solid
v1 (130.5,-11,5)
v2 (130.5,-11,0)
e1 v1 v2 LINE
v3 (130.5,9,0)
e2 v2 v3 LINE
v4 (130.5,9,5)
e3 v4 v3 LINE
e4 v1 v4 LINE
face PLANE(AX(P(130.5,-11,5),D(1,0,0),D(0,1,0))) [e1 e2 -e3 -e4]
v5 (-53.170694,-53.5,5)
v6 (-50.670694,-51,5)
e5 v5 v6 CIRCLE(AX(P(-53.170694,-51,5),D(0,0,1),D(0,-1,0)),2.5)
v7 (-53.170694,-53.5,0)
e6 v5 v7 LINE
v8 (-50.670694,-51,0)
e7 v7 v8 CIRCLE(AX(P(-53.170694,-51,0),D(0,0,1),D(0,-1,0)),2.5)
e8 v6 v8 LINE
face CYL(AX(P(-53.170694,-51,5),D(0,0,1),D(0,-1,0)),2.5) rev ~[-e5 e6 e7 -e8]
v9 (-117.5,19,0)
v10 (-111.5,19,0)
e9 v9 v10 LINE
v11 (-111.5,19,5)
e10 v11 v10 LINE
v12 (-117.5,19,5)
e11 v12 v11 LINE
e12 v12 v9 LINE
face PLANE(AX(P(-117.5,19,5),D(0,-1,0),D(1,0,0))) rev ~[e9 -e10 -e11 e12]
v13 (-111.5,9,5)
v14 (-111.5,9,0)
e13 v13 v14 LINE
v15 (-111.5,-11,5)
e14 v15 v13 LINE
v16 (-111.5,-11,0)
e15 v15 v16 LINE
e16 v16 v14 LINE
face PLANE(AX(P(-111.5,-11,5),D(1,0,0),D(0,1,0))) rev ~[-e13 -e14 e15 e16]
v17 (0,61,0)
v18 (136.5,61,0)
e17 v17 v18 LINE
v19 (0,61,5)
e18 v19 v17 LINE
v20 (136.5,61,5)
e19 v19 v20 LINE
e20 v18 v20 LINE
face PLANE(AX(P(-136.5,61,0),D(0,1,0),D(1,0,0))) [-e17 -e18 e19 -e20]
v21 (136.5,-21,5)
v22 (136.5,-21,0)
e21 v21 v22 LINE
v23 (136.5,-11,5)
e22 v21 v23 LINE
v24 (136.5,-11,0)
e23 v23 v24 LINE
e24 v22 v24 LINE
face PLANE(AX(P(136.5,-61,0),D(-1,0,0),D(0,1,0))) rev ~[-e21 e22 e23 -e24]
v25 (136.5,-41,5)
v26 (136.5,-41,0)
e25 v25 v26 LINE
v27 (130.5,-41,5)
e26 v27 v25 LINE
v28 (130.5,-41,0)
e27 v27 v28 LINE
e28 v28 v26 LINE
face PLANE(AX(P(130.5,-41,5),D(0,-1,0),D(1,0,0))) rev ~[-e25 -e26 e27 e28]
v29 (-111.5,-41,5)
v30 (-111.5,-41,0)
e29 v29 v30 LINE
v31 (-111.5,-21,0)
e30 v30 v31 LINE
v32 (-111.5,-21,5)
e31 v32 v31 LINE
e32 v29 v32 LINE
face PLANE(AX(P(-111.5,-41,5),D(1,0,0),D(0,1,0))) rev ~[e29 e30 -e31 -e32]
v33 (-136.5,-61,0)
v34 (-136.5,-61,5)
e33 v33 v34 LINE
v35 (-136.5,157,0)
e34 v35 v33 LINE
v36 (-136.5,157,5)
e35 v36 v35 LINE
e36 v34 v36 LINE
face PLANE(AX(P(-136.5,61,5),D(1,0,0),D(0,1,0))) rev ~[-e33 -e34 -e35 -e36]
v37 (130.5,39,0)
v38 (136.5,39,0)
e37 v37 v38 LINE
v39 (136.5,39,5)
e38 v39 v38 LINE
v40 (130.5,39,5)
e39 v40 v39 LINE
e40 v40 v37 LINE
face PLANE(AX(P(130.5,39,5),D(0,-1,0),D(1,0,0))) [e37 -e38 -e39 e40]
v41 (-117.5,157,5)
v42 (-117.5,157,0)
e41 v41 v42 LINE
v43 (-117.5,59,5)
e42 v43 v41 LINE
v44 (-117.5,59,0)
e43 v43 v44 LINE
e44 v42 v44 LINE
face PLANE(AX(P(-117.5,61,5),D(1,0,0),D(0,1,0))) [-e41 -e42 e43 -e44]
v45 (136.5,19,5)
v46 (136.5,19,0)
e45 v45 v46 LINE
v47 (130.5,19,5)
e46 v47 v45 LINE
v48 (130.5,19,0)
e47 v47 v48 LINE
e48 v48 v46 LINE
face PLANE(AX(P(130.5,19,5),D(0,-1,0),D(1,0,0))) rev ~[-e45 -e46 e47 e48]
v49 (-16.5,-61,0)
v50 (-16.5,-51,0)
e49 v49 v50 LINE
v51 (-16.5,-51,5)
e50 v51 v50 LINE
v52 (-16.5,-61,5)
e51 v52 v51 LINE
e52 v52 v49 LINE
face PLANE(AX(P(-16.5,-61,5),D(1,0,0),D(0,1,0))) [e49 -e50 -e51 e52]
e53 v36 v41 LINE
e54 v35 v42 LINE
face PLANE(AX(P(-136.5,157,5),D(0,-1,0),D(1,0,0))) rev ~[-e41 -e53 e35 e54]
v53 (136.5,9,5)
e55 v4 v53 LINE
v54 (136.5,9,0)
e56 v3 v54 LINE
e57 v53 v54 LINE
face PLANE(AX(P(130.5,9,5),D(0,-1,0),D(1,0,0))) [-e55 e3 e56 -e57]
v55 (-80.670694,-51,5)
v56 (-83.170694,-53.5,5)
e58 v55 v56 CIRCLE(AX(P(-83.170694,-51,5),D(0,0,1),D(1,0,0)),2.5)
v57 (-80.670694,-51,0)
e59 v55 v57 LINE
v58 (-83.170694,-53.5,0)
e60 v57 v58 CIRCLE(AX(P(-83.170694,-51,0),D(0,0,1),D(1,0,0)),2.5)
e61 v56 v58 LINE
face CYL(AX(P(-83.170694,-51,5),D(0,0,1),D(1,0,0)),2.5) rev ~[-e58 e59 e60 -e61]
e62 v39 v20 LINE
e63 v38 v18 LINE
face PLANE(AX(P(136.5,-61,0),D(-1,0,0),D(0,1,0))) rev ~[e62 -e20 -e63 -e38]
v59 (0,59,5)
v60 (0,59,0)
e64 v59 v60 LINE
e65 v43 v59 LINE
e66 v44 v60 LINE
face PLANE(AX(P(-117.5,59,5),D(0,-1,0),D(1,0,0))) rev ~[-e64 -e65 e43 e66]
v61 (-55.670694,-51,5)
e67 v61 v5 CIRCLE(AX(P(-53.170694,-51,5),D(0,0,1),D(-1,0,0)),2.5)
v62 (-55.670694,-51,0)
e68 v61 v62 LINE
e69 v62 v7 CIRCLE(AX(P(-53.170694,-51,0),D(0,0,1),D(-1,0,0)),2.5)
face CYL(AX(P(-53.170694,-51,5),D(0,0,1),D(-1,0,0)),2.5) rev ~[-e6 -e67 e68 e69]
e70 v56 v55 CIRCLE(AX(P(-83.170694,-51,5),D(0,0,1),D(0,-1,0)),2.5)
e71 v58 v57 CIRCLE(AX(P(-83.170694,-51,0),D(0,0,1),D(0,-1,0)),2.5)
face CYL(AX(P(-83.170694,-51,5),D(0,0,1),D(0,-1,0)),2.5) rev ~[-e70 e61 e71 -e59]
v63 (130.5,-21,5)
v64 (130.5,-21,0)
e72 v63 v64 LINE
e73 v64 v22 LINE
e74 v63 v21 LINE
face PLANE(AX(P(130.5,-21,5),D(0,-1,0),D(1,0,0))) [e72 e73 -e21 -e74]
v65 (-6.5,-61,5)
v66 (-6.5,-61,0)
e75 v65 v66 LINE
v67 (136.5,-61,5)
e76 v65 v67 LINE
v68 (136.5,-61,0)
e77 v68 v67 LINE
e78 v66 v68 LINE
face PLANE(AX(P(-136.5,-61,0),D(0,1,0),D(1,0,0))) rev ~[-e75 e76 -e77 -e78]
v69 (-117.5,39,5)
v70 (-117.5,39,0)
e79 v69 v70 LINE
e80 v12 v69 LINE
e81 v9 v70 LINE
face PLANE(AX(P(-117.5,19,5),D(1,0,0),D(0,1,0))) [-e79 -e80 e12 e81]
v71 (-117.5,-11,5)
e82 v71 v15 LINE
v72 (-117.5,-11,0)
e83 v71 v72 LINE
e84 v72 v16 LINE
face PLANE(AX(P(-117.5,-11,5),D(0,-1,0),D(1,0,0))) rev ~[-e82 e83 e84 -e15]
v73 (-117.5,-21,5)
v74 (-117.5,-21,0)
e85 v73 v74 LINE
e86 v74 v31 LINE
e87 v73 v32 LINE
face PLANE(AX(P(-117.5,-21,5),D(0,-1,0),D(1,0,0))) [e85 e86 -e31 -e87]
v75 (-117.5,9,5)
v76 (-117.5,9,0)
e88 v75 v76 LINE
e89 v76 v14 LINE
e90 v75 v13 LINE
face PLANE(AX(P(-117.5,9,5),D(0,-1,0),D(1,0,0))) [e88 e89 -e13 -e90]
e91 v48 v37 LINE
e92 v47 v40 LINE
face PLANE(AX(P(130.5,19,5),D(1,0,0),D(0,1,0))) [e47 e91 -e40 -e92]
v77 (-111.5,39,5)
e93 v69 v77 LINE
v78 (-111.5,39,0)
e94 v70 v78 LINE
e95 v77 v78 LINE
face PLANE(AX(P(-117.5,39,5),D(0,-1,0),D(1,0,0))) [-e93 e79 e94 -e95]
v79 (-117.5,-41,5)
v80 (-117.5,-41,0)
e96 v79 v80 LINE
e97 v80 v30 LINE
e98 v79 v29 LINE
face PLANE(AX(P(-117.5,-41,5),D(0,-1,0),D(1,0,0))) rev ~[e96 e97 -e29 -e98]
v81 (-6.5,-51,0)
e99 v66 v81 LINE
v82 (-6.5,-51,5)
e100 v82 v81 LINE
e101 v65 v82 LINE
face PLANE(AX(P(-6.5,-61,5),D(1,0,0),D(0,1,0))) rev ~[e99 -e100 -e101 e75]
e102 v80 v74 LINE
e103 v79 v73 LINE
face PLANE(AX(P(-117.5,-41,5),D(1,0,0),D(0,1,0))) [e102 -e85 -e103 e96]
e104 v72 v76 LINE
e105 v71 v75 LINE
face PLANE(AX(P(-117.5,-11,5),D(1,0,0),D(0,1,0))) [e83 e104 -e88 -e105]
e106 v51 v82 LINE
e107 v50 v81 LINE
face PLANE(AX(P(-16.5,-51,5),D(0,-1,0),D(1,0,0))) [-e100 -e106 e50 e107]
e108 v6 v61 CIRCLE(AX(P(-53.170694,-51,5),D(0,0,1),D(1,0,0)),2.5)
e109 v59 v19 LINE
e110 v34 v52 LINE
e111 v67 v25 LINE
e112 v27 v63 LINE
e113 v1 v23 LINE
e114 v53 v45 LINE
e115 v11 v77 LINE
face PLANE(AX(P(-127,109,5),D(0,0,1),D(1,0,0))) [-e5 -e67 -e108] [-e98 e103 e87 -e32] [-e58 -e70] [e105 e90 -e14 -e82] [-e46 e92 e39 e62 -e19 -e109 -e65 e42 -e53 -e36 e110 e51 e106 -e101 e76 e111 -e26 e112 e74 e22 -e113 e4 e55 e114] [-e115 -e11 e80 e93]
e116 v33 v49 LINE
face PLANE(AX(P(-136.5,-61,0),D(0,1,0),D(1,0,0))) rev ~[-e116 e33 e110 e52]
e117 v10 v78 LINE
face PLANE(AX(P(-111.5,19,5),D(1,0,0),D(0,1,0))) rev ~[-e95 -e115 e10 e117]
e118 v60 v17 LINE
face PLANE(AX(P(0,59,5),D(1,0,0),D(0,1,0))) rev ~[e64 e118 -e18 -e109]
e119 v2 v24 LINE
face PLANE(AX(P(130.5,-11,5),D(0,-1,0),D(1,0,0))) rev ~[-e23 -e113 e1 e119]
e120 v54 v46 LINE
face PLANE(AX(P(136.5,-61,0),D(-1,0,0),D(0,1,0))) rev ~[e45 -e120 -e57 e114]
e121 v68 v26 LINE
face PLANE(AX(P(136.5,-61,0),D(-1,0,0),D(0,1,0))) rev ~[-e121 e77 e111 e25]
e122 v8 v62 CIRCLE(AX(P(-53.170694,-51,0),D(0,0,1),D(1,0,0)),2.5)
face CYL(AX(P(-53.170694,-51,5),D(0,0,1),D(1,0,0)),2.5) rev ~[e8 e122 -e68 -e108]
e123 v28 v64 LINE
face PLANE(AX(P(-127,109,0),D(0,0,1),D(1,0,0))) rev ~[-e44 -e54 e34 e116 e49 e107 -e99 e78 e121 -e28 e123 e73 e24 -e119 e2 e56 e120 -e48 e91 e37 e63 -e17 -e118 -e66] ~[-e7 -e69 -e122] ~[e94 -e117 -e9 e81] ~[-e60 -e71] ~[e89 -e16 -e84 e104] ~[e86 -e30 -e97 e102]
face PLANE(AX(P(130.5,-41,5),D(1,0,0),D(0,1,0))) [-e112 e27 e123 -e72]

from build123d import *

# Parameters (mm, degrees)
SKETCH1_W           = 273
SKETCH1_H           = 122
BOSS_EXTRUDE1_DEPTH = 5
SKETCH2_W           = 19
SKETCH2_H           = 96
BOSS_EXTRUDE2_DEPTH = 5
SKETCH3_W           = 6
SKETCH3_H           = 20
CUT_EXTRUDE1_DEPTH  = 6
SKETCH6_W           = 117.5
SKETCH6_H           = 2
CUT_EXTRUDE3_DEPTH  = 6
CUT_EXTRUDE4_DEPTH  = 10
SKETCH8_W           = 10
SKETCH8_H           = 10
CUT_EXTRUDE5_DEPTH  = 10


with BuildPart() as part:
    # Sketch1 → Boss-Extrude1 (new body)
    with BuildSketch(Plane.XY):
        Rectangle(SKETCH1_W, SKETCH1_H)
    extrude(amount=BOSS_EXTRUDE1_DEPTH)

    # Sketch2 → Boss-Extrude2 (add)
    with BuildSketch(Plane.XY.offset(5)):
        with Locations((-127, 109)):
            Rectangle(SKETCH2_W, SKETCH2_H)
    extrude(amount=-BOSS_EXTRUDE2_DEPTH)

    # Sketch3 → Cut-Extrude1 (cut)
    with BuildSketch(Plane.XY.offset(5)):
        with Locations((-114.5, 29)):
            Rectangle(SKETCH3_W, SKETCH3_H)
        with Locations((-114.5, -1)):
            Rectangle(SKETCH3_W, SKETCH3_H)
        with Locations((-114.5, -31)):
            Rectangle(SKETCH3_W, SKETCH3_H)
        with Locations((133.5, 29)):
            Rectangle(SKETCH3_W, SKETCH3_H)
        with Locations((133.5, -1)):
            Rectangle(SKETCH3_W, SKETCH3_H)
        with Locations((133.5, -31)):
            Rectangle(SKETCH3_W, SKETCH3_H)
    extrude(amount=-CUT_EXTRUDE1_DEPTH, mode=Mode.SUBTRACT)

    # Sketch6 → Cut-Extrude3 (cut)
    with BuildSketch(Plane.XY.offset(5)):
        with Locations((-58.75, 60)):
            Rectangle(SKETCH6_W, SKETCH6_H)
    extrude(amount=-CUT_EXTRUDE3_DEPTH, mode=Mode.SUBTRACT)

    # Sketch7 → Cut-Extrude4 (cut)
    with BuildSketch(Plane.XY.offset(5)):
        with BuildLine():
            ThreePointArc((-80.670694004, -51), (-84.938460957, -49.232233047), (-83.170694004, -53.5))
            Line((-83.170694004, -53.5), (-83.170694004, -51))
            Line((-83.170694004, -51), (-80.670694004, -51))
        make_face()
        with BuildLine():
            Line((-83.170694004, -51), (-83.170694004, -53.5))
            ThreePointArc((-83.170694004, -53.5), (-81.402927051, -52.767766953), (-80.670694004, -51))
            Line((-80.670694004, -51), (-83.170694004, -51))
        make_face()
        with BuildLine():
            ThreePointArc((-55.670694004, -51), (-54.938460957, -52.767766953), (-53.170694004, -53.5))
            Line((-53.170694004, -53.5), (-53.170694004, -51))
            Line((-53.170694004, -51), (-55.670694004, -51))
        make_face()
        with BuildLine():
            Line((-53.170694004, -51), (-53.170694004, -53.5))
            ThreePointArc((-53.170694004, -53.5), (-51.402927051, -52.767766953), (-50.670694004, -51))
            ThreePointArc((-50.670694004, -51), (-53.170694004, -48.5), (-55.670694004, -51))
            Line((-55.670694004, -51), (-53.170694004, -51))
        make_face()
    extrude(amount=-CUT_EXTRUDE4_DEPTH, mode=Mode.SUBTRACT)

    # Sketch8 → Cut-Extrude5 (cut)
    with BuildSketch(Plane.XY.offset(5)):
        with Locations((-11.5, -56)):
            Rectangle(SKETCH8_W, SKETCH8_H)
    extrude(amount=-CUT_EXTRUDE5_DEPTH, mode=Mode.SUBTRACT)


solid = part.part
